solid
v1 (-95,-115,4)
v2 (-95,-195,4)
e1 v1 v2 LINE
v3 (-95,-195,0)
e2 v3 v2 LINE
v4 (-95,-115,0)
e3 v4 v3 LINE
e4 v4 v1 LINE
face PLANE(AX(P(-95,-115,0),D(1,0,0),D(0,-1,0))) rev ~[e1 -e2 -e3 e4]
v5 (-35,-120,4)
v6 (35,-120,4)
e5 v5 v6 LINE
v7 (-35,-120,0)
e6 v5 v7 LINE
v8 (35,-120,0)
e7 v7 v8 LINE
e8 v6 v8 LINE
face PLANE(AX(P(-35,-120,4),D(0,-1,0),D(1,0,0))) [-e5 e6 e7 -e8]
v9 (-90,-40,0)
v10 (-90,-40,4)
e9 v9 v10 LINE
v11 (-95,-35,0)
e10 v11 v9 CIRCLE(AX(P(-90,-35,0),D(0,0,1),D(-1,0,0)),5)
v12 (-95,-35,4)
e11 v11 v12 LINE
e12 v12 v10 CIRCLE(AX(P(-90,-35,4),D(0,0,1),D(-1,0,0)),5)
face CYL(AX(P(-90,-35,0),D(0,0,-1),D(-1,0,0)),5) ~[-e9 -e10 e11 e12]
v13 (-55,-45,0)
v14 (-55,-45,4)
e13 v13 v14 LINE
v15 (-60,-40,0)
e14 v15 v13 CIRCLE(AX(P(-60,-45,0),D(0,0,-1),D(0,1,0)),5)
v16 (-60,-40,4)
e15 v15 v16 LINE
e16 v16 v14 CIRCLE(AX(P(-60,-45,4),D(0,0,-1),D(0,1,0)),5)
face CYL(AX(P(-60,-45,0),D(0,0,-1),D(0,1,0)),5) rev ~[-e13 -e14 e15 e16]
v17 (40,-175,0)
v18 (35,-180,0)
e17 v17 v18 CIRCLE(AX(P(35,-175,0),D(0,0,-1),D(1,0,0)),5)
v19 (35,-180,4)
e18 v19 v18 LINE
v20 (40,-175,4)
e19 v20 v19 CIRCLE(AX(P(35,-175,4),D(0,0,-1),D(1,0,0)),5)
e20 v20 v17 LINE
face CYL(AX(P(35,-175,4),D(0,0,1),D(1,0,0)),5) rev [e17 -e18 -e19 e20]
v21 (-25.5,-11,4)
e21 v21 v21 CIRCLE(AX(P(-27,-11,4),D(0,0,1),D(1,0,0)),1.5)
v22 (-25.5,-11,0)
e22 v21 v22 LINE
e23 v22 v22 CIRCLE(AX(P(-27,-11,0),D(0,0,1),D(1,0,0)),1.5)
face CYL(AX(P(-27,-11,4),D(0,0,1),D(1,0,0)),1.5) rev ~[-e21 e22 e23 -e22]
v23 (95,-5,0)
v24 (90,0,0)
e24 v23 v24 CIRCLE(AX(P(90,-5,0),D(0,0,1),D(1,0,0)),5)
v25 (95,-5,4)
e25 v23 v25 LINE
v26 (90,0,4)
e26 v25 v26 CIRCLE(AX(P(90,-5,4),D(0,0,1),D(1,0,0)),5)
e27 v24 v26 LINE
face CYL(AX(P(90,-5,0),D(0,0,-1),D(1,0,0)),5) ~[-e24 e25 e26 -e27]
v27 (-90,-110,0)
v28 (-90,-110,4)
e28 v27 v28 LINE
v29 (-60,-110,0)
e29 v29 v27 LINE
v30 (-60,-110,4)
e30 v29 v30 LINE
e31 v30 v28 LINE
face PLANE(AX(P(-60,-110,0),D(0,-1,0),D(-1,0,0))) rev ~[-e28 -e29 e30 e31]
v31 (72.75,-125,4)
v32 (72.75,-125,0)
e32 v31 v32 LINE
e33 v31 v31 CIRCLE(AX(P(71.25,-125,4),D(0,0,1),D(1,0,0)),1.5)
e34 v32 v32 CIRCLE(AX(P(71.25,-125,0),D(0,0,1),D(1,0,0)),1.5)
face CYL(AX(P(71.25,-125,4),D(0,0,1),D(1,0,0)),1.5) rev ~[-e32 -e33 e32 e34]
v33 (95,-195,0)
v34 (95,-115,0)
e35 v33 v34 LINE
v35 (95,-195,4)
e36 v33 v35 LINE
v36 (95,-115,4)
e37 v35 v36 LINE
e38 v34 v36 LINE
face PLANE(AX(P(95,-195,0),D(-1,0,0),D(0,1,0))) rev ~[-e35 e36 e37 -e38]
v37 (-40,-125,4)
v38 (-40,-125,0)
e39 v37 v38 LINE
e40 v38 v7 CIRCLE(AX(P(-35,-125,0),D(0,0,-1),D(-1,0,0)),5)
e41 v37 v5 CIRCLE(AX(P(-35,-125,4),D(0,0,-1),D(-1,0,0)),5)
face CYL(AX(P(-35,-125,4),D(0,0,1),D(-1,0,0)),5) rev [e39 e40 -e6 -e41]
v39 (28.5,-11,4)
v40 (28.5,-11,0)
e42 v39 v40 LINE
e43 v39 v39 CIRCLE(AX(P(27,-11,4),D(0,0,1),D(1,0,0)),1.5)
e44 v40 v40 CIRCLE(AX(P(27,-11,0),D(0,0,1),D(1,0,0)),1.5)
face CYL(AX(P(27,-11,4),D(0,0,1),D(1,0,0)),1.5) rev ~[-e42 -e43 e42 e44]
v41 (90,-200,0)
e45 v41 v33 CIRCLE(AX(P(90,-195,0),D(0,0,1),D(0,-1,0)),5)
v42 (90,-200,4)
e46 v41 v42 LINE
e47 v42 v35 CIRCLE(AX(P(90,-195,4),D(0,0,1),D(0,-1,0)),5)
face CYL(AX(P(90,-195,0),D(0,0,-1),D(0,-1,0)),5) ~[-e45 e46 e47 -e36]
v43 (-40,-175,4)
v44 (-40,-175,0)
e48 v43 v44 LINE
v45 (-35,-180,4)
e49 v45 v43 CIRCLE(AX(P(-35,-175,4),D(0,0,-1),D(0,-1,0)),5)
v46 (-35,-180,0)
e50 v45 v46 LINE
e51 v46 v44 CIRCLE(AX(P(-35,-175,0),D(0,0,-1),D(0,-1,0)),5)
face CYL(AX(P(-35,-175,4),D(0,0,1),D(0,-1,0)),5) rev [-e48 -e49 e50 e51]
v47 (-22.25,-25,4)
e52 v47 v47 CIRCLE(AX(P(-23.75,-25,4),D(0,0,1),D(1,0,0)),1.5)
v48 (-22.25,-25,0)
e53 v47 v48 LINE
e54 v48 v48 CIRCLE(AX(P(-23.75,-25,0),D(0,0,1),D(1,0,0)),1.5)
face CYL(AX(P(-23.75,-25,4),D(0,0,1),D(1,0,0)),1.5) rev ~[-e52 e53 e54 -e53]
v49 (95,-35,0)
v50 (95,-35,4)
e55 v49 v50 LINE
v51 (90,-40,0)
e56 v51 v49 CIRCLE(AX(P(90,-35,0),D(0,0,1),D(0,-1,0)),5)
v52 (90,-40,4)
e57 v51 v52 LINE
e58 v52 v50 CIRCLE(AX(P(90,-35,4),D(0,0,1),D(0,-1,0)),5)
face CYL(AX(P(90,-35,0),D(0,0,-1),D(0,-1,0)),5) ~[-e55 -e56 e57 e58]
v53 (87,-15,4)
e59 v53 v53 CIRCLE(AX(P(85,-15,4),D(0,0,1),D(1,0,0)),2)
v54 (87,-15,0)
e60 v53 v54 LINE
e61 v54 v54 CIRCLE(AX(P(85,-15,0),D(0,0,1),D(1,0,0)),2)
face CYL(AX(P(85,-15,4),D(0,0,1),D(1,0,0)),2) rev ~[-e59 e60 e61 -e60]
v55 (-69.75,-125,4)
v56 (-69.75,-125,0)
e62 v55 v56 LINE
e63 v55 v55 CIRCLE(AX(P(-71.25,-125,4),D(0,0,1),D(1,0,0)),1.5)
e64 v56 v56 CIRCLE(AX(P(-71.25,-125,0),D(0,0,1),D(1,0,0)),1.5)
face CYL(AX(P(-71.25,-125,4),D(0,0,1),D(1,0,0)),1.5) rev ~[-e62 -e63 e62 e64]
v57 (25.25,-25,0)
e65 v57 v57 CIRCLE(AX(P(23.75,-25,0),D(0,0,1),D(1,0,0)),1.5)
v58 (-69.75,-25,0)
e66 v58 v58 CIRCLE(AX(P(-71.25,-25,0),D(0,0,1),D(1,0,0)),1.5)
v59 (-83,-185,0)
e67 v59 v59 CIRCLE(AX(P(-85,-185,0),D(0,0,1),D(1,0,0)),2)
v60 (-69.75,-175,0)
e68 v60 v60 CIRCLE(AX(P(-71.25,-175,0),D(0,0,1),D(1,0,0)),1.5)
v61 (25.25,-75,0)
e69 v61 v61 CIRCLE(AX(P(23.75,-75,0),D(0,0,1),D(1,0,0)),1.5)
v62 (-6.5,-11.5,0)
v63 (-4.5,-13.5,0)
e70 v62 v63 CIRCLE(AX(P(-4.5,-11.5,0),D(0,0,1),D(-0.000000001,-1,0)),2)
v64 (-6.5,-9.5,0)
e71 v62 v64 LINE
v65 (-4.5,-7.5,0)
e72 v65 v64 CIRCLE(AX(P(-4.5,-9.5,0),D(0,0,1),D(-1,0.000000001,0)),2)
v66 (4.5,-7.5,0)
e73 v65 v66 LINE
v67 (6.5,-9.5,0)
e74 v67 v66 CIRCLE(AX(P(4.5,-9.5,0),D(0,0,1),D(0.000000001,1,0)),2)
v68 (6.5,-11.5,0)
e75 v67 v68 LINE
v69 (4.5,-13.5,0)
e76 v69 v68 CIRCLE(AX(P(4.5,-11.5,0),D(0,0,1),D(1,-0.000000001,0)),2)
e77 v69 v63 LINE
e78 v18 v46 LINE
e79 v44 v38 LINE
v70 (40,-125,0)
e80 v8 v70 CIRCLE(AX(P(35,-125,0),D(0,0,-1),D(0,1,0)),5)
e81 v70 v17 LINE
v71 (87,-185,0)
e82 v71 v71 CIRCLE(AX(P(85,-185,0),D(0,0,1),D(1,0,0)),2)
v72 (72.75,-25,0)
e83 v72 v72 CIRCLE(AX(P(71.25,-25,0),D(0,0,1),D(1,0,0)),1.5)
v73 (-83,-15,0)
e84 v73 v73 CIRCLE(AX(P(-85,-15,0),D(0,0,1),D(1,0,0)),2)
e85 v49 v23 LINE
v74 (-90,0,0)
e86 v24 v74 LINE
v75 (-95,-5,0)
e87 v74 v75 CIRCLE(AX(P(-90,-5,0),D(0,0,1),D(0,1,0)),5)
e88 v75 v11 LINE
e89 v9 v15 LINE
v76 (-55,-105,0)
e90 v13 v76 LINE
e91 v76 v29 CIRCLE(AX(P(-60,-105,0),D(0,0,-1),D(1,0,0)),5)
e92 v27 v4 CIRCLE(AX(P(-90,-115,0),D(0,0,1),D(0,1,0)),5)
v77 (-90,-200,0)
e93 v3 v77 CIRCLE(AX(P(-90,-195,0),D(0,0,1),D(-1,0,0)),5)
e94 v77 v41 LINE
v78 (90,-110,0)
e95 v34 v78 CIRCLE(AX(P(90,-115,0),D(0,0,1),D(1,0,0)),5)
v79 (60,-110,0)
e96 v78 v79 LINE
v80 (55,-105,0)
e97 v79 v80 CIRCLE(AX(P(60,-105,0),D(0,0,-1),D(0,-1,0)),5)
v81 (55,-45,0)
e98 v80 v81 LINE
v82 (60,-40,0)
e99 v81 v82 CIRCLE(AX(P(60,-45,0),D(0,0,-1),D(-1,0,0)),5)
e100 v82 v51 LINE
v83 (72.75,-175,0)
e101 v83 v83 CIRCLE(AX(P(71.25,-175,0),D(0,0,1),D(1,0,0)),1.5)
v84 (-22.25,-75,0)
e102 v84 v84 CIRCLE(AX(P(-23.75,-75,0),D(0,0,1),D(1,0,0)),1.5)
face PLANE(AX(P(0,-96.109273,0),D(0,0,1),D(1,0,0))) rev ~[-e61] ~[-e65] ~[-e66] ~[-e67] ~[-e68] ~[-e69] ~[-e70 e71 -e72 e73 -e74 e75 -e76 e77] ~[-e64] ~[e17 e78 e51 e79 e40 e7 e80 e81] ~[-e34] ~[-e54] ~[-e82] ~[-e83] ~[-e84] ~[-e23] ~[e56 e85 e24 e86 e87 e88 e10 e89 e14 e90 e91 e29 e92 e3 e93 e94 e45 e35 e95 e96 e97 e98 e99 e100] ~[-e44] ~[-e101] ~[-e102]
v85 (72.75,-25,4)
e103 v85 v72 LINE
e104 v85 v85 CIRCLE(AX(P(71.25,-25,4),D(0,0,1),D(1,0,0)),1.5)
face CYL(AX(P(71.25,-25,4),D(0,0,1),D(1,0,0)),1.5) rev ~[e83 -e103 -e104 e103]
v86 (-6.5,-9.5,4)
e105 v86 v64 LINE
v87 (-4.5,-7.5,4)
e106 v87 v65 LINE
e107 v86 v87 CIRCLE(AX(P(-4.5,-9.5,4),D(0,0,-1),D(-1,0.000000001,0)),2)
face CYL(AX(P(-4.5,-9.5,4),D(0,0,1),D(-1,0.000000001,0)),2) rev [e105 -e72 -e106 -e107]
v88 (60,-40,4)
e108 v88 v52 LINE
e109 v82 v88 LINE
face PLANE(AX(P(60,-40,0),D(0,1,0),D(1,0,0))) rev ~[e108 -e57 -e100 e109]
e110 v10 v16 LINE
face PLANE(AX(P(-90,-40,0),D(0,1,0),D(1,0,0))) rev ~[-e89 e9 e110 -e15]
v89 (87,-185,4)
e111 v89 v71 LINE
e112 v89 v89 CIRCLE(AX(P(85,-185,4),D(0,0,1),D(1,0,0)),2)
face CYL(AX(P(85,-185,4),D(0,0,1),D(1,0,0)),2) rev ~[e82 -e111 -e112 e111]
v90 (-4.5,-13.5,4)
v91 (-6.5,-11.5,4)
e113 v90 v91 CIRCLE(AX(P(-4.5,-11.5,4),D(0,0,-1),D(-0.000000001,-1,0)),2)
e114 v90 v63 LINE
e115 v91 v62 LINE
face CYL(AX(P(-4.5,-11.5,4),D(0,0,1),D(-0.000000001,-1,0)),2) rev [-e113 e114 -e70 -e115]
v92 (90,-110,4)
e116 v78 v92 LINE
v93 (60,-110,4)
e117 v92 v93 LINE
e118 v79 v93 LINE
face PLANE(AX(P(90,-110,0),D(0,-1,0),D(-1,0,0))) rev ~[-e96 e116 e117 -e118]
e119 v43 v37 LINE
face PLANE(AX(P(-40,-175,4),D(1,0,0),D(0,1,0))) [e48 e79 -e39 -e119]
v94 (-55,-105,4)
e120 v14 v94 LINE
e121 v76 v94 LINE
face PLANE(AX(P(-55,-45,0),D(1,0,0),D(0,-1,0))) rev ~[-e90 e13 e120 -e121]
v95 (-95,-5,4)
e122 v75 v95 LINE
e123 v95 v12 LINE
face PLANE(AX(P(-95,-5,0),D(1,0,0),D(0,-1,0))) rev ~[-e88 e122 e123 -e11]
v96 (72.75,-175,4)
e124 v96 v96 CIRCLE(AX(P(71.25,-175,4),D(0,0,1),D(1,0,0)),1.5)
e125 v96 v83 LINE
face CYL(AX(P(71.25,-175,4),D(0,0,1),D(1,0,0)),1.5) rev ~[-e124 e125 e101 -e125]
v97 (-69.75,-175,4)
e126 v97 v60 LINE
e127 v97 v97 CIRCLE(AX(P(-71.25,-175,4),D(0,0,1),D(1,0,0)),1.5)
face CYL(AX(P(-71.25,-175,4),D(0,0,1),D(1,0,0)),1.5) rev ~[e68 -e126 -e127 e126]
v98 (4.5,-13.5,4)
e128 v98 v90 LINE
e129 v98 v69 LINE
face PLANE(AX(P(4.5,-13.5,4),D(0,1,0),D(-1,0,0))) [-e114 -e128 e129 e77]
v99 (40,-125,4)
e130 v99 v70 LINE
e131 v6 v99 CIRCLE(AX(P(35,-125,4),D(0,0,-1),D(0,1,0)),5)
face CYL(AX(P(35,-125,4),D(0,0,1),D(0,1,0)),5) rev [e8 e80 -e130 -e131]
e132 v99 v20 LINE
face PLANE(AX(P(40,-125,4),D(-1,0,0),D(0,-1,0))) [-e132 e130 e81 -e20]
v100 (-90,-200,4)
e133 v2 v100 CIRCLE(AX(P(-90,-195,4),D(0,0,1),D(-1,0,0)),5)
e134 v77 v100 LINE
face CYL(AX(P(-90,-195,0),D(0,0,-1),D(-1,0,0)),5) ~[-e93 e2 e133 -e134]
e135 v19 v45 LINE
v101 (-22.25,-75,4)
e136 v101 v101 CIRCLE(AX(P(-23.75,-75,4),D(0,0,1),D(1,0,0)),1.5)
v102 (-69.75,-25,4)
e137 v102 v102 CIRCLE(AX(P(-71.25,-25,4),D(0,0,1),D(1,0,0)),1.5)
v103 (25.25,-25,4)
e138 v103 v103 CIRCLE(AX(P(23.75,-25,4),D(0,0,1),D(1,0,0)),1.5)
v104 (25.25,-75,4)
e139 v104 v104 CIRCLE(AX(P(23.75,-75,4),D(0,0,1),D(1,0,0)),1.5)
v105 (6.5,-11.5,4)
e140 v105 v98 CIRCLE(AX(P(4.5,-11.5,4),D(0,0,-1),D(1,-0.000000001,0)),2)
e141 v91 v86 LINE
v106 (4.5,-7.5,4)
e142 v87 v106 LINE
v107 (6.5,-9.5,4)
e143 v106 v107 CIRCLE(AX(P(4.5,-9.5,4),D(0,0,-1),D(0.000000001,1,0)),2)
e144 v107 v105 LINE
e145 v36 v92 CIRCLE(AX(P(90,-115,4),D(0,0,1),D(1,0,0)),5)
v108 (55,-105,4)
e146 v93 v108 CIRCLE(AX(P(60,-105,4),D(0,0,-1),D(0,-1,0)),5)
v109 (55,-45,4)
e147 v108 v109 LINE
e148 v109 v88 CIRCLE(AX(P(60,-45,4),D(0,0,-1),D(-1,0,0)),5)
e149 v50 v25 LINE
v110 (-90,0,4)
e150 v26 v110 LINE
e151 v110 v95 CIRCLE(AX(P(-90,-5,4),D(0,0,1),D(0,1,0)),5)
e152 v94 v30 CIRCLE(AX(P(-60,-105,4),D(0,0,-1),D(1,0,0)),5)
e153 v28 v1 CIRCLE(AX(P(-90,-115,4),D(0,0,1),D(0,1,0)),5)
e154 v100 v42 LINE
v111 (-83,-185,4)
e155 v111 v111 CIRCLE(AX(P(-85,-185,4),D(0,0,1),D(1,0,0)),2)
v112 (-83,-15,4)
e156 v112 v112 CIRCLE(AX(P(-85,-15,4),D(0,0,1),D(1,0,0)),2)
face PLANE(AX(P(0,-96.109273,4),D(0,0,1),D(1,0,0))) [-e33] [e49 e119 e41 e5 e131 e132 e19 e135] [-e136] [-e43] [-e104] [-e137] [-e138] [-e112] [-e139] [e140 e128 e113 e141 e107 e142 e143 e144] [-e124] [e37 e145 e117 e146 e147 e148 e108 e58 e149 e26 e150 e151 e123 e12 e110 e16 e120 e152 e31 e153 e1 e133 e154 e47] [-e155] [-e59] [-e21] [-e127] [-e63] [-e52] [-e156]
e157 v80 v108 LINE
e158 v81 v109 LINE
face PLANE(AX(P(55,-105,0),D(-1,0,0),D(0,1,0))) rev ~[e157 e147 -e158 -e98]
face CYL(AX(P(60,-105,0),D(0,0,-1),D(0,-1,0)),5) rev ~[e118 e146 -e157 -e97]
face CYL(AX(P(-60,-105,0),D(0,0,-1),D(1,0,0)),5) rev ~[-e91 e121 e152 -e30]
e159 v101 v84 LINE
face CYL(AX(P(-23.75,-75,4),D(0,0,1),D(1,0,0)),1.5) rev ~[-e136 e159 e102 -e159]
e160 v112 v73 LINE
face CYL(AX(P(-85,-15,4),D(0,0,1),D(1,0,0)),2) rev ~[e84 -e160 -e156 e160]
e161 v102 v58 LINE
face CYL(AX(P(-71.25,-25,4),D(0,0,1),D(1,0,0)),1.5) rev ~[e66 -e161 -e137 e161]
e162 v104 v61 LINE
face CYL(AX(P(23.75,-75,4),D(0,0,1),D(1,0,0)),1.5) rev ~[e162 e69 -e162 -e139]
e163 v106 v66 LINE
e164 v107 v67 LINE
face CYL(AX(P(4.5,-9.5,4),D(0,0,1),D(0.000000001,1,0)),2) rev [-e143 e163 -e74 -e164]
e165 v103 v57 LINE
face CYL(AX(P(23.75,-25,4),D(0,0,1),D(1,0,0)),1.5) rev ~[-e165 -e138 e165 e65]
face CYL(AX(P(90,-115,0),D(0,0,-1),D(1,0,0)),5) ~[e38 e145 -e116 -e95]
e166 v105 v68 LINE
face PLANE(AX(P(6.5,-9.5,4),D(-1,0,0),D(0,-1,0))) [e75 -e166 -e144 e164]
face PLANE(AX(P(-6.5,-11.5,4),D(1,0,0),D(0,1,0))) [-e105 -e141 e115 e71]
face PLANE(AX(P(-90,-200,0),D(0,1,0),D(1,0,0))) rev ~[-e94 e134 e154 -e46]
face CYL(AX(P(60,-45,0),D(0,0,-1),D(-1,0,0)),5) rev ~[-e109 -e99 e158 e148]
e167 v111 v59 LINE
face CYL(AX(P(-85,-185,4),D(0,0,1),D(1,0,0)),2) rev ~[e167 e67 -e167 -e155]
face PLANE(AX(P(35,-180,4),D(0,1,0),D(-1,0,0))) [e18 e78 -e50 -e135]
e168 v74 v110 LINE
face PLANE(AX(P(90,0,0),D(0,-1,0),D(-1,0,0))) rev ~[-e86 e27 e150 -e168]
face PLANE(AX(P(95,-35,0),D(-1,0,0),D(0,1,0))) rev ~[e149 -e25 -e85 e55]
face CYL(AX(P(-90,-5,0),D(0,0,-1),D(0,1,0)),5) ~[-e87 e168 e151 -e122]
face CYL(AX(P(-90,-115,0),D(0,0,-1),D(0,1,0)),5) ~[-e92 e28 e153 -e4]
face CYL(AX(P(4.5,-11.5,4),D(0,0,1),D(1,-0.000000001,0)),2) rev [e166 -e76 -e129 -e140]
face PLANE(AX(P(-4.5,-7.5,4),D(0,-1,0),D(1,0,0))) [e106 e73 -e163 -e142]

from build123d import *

# Parameters (mm, degrees)
BOSS_EXTRUDE1_DEPTH = 4
CUT_EXTRUDE1_DEPTH  = 4
SKETCH3_R           = 2
SKETCH3_R_2         = 1.5
CUT_EXTRUDE2_DEPTH  = 10
SKETCH4_R           = 1.5
CUT_EXTRUDE3_DEPTH  = 10


with BuildPart() as part:
    # Sketch1 → Boss-Extrude1 (new body)
    with BuildSketch(Plane.XY):
        with BuildLine():
            Line((-95, -115), (-95, -195))
            ThreePointArc((-95, -195), (-93.535533906, -198.535533906), (-90, -200))
            Line((-90, -200), (90, -200))
            ThreePointArc((90, -200), (93.535533906, -198.535533906), (95, -195))
            Line((95, -195), (95, -115))
            ThreePointArc((95, -115), (93.535533906, -111.464466094), (90, -110))
            Line((90, -110), (60, -110))
            ThreePointArc((60, -110), (56.464466094, -108.535533906), (55, -105))
            Line((55, -105), (55, -45))
            ThreePointArc((55, -45), (56.464466094, -41.464466094), (60, -40))
            Line((60, -40), (90, -40))
            ThreePointArc((90, -40), (93.535533906, -38.535533906), (95, -35))
            Line((95, -35), (95, -5))
            ThreePointArc((95, -5), (93.535533906, -1.464466094), (90, 0))
            Line((90, 0), (-90, 0))
            ThreePointArc((-90, 0), (-93.535533906, -1.464466094), (-95, -5))
            Line((-95, -5), (-95, -35))
            ThreePointArc((-95, -35), (-93.535533906, -38.535533906), (-90, -40))
            Line((-90, -40), (-60, -40))
            ThreePointArc((-60, -40), (-56.464466094, -41.464466094), (-55, -45))
            Line((-55, -45), (-55, -105))
            ThreePointArc((-55, -105), (-56.464466094, -108.535533906), (-60, -110))
            Line((-60, -110), (-90, -110))
            ThreePointArc((-90, -110), (-93.535533906, -111.464466094), (-95, -115))
        make_face()
    extrude(amount=BOSS_EXTRUDE1_DEPTH)

    # Sketch2 → Cut-Extrude1 (cut)
    with BuildSketch(Plane.XY.offset(4)):
        with BuildLine():
            Line((-35, -120), (35, -120))
            ThreePointArc((35, -120), (38.535533906, -121.464466094), (40, -125))
            Line((40, -125), (40, -175))
            ThreePointArc((40, -175), (38.535533906, -178.535533906), (35, -180))
            Line((35, -180), (-35, -180))
            ThreePointArc((-35, -180), (-38.535533906, -178.535533906), (-40, -175))
            Line((-40, -175), (-40, -125))
            ThreePointArc((-40, -125), (-38.535533906, -121.464466094), (-35, -120))
        make_face()
    extrude(amount=-CUT_EXTRUDE1_DEPTH, mode=Mode.SUBTRACT)

    # Sketch3 → Cut-Extrude2 (cut)
    with BuildSketch(Plane.XY.offset(4)):
        with Locations((-85, -15)):
            Circle(SKETCH3_R)
        with Locations((-85, -185)):
            Circle(SKETCH3_R)
        with Locations((85, -185)):
            Circle(SKETCH3_R)
        with Locations((85, -15)):
            Circle(SKETCH3_R)
        with Locations((-27, -11)):
            Circle(SKETCH3_R_2)
        with Locations((27, -11)):
            Circle(SKETCH3_R_2)
        with BuildLine():
            Line((-4.5, -7.5), (4.5, -7.5))
            ThreePointArc((4.5, -7.5), (5.914213562, -8.085786438), (6.5, -9.5))
            Line((6.5, -9.5), (6.5, -11.5))
            ThreePointArc((6.5, -11.5), (5.914213562, -12.914213562), (4.5, -13.5))
            Line((4.5, -13.5), (-4.5, -13.5))
            ThreePointArc((-4.5, -13.5), (-5.914213562, -12.914213562), (-6.5, -11.5))
            Line((-6.5, -11.5), (-6.5, -9.5))
            ThreePointArc((-6.5, -9.5), (-5.914213562, -8.085786438), (-4.5, -7.5))
        make_face()
    extrude(amount=-CUT_EXTRUDE2_DEPTH, mode=Mode.SUBTRACT)

    # Sketch4 → Cut-Extrude3 (cut)
    with BuildSketch(Plane.XY.offset(4)):
        with Locations((-71.25, -25)):
            Circle(SKETCH4_R)
        with Locations((-71.25, -75)):
            Circle(SKETCH4_R)
        with Locations((-71.25, -175)):
            Circle(SKETCH4_R)
        with Locations((-71.25, -125)):
            Circle(SKETCH4_R)
        with Locations((-23.75, -125)):
            Circle(SKETCH4_R)
        with Locations((-23.75, -175)):
            Circle(SKETCH4_R)
        with Locations((-23.75, -75)):
            Circle(SKETCH4_R)
        with Locations((-23.75, -25)):
            Circle(SKETCH4_R)
        with Locations((23.75, -25)):
            Circle(SKETCH4_R)
        with Locations((23.75, -75)):
            Circle(SKETCH4_R)
        with Locations((23.75, -175)):
            Circle(SKETCH4_R)
        with Locations((23.75, -125)):
            Circle(SKETCH4_R)
        with Locations((71.25, -125)):
            Circle(SKETCH4_R)
        with Locations((71.25, -175)):
            Circle(SKETCH4_R)
        with Locations((71.25, -75)):
            Circle(SKETCH4_R)
        with Locations((71.25, -25)):
            Circle(SKETCH4_R)
    extrude(amount=-CUT_EXTRUDE3_DEPTH, mode=Mode.SUBTRACT)


solid = part.part
